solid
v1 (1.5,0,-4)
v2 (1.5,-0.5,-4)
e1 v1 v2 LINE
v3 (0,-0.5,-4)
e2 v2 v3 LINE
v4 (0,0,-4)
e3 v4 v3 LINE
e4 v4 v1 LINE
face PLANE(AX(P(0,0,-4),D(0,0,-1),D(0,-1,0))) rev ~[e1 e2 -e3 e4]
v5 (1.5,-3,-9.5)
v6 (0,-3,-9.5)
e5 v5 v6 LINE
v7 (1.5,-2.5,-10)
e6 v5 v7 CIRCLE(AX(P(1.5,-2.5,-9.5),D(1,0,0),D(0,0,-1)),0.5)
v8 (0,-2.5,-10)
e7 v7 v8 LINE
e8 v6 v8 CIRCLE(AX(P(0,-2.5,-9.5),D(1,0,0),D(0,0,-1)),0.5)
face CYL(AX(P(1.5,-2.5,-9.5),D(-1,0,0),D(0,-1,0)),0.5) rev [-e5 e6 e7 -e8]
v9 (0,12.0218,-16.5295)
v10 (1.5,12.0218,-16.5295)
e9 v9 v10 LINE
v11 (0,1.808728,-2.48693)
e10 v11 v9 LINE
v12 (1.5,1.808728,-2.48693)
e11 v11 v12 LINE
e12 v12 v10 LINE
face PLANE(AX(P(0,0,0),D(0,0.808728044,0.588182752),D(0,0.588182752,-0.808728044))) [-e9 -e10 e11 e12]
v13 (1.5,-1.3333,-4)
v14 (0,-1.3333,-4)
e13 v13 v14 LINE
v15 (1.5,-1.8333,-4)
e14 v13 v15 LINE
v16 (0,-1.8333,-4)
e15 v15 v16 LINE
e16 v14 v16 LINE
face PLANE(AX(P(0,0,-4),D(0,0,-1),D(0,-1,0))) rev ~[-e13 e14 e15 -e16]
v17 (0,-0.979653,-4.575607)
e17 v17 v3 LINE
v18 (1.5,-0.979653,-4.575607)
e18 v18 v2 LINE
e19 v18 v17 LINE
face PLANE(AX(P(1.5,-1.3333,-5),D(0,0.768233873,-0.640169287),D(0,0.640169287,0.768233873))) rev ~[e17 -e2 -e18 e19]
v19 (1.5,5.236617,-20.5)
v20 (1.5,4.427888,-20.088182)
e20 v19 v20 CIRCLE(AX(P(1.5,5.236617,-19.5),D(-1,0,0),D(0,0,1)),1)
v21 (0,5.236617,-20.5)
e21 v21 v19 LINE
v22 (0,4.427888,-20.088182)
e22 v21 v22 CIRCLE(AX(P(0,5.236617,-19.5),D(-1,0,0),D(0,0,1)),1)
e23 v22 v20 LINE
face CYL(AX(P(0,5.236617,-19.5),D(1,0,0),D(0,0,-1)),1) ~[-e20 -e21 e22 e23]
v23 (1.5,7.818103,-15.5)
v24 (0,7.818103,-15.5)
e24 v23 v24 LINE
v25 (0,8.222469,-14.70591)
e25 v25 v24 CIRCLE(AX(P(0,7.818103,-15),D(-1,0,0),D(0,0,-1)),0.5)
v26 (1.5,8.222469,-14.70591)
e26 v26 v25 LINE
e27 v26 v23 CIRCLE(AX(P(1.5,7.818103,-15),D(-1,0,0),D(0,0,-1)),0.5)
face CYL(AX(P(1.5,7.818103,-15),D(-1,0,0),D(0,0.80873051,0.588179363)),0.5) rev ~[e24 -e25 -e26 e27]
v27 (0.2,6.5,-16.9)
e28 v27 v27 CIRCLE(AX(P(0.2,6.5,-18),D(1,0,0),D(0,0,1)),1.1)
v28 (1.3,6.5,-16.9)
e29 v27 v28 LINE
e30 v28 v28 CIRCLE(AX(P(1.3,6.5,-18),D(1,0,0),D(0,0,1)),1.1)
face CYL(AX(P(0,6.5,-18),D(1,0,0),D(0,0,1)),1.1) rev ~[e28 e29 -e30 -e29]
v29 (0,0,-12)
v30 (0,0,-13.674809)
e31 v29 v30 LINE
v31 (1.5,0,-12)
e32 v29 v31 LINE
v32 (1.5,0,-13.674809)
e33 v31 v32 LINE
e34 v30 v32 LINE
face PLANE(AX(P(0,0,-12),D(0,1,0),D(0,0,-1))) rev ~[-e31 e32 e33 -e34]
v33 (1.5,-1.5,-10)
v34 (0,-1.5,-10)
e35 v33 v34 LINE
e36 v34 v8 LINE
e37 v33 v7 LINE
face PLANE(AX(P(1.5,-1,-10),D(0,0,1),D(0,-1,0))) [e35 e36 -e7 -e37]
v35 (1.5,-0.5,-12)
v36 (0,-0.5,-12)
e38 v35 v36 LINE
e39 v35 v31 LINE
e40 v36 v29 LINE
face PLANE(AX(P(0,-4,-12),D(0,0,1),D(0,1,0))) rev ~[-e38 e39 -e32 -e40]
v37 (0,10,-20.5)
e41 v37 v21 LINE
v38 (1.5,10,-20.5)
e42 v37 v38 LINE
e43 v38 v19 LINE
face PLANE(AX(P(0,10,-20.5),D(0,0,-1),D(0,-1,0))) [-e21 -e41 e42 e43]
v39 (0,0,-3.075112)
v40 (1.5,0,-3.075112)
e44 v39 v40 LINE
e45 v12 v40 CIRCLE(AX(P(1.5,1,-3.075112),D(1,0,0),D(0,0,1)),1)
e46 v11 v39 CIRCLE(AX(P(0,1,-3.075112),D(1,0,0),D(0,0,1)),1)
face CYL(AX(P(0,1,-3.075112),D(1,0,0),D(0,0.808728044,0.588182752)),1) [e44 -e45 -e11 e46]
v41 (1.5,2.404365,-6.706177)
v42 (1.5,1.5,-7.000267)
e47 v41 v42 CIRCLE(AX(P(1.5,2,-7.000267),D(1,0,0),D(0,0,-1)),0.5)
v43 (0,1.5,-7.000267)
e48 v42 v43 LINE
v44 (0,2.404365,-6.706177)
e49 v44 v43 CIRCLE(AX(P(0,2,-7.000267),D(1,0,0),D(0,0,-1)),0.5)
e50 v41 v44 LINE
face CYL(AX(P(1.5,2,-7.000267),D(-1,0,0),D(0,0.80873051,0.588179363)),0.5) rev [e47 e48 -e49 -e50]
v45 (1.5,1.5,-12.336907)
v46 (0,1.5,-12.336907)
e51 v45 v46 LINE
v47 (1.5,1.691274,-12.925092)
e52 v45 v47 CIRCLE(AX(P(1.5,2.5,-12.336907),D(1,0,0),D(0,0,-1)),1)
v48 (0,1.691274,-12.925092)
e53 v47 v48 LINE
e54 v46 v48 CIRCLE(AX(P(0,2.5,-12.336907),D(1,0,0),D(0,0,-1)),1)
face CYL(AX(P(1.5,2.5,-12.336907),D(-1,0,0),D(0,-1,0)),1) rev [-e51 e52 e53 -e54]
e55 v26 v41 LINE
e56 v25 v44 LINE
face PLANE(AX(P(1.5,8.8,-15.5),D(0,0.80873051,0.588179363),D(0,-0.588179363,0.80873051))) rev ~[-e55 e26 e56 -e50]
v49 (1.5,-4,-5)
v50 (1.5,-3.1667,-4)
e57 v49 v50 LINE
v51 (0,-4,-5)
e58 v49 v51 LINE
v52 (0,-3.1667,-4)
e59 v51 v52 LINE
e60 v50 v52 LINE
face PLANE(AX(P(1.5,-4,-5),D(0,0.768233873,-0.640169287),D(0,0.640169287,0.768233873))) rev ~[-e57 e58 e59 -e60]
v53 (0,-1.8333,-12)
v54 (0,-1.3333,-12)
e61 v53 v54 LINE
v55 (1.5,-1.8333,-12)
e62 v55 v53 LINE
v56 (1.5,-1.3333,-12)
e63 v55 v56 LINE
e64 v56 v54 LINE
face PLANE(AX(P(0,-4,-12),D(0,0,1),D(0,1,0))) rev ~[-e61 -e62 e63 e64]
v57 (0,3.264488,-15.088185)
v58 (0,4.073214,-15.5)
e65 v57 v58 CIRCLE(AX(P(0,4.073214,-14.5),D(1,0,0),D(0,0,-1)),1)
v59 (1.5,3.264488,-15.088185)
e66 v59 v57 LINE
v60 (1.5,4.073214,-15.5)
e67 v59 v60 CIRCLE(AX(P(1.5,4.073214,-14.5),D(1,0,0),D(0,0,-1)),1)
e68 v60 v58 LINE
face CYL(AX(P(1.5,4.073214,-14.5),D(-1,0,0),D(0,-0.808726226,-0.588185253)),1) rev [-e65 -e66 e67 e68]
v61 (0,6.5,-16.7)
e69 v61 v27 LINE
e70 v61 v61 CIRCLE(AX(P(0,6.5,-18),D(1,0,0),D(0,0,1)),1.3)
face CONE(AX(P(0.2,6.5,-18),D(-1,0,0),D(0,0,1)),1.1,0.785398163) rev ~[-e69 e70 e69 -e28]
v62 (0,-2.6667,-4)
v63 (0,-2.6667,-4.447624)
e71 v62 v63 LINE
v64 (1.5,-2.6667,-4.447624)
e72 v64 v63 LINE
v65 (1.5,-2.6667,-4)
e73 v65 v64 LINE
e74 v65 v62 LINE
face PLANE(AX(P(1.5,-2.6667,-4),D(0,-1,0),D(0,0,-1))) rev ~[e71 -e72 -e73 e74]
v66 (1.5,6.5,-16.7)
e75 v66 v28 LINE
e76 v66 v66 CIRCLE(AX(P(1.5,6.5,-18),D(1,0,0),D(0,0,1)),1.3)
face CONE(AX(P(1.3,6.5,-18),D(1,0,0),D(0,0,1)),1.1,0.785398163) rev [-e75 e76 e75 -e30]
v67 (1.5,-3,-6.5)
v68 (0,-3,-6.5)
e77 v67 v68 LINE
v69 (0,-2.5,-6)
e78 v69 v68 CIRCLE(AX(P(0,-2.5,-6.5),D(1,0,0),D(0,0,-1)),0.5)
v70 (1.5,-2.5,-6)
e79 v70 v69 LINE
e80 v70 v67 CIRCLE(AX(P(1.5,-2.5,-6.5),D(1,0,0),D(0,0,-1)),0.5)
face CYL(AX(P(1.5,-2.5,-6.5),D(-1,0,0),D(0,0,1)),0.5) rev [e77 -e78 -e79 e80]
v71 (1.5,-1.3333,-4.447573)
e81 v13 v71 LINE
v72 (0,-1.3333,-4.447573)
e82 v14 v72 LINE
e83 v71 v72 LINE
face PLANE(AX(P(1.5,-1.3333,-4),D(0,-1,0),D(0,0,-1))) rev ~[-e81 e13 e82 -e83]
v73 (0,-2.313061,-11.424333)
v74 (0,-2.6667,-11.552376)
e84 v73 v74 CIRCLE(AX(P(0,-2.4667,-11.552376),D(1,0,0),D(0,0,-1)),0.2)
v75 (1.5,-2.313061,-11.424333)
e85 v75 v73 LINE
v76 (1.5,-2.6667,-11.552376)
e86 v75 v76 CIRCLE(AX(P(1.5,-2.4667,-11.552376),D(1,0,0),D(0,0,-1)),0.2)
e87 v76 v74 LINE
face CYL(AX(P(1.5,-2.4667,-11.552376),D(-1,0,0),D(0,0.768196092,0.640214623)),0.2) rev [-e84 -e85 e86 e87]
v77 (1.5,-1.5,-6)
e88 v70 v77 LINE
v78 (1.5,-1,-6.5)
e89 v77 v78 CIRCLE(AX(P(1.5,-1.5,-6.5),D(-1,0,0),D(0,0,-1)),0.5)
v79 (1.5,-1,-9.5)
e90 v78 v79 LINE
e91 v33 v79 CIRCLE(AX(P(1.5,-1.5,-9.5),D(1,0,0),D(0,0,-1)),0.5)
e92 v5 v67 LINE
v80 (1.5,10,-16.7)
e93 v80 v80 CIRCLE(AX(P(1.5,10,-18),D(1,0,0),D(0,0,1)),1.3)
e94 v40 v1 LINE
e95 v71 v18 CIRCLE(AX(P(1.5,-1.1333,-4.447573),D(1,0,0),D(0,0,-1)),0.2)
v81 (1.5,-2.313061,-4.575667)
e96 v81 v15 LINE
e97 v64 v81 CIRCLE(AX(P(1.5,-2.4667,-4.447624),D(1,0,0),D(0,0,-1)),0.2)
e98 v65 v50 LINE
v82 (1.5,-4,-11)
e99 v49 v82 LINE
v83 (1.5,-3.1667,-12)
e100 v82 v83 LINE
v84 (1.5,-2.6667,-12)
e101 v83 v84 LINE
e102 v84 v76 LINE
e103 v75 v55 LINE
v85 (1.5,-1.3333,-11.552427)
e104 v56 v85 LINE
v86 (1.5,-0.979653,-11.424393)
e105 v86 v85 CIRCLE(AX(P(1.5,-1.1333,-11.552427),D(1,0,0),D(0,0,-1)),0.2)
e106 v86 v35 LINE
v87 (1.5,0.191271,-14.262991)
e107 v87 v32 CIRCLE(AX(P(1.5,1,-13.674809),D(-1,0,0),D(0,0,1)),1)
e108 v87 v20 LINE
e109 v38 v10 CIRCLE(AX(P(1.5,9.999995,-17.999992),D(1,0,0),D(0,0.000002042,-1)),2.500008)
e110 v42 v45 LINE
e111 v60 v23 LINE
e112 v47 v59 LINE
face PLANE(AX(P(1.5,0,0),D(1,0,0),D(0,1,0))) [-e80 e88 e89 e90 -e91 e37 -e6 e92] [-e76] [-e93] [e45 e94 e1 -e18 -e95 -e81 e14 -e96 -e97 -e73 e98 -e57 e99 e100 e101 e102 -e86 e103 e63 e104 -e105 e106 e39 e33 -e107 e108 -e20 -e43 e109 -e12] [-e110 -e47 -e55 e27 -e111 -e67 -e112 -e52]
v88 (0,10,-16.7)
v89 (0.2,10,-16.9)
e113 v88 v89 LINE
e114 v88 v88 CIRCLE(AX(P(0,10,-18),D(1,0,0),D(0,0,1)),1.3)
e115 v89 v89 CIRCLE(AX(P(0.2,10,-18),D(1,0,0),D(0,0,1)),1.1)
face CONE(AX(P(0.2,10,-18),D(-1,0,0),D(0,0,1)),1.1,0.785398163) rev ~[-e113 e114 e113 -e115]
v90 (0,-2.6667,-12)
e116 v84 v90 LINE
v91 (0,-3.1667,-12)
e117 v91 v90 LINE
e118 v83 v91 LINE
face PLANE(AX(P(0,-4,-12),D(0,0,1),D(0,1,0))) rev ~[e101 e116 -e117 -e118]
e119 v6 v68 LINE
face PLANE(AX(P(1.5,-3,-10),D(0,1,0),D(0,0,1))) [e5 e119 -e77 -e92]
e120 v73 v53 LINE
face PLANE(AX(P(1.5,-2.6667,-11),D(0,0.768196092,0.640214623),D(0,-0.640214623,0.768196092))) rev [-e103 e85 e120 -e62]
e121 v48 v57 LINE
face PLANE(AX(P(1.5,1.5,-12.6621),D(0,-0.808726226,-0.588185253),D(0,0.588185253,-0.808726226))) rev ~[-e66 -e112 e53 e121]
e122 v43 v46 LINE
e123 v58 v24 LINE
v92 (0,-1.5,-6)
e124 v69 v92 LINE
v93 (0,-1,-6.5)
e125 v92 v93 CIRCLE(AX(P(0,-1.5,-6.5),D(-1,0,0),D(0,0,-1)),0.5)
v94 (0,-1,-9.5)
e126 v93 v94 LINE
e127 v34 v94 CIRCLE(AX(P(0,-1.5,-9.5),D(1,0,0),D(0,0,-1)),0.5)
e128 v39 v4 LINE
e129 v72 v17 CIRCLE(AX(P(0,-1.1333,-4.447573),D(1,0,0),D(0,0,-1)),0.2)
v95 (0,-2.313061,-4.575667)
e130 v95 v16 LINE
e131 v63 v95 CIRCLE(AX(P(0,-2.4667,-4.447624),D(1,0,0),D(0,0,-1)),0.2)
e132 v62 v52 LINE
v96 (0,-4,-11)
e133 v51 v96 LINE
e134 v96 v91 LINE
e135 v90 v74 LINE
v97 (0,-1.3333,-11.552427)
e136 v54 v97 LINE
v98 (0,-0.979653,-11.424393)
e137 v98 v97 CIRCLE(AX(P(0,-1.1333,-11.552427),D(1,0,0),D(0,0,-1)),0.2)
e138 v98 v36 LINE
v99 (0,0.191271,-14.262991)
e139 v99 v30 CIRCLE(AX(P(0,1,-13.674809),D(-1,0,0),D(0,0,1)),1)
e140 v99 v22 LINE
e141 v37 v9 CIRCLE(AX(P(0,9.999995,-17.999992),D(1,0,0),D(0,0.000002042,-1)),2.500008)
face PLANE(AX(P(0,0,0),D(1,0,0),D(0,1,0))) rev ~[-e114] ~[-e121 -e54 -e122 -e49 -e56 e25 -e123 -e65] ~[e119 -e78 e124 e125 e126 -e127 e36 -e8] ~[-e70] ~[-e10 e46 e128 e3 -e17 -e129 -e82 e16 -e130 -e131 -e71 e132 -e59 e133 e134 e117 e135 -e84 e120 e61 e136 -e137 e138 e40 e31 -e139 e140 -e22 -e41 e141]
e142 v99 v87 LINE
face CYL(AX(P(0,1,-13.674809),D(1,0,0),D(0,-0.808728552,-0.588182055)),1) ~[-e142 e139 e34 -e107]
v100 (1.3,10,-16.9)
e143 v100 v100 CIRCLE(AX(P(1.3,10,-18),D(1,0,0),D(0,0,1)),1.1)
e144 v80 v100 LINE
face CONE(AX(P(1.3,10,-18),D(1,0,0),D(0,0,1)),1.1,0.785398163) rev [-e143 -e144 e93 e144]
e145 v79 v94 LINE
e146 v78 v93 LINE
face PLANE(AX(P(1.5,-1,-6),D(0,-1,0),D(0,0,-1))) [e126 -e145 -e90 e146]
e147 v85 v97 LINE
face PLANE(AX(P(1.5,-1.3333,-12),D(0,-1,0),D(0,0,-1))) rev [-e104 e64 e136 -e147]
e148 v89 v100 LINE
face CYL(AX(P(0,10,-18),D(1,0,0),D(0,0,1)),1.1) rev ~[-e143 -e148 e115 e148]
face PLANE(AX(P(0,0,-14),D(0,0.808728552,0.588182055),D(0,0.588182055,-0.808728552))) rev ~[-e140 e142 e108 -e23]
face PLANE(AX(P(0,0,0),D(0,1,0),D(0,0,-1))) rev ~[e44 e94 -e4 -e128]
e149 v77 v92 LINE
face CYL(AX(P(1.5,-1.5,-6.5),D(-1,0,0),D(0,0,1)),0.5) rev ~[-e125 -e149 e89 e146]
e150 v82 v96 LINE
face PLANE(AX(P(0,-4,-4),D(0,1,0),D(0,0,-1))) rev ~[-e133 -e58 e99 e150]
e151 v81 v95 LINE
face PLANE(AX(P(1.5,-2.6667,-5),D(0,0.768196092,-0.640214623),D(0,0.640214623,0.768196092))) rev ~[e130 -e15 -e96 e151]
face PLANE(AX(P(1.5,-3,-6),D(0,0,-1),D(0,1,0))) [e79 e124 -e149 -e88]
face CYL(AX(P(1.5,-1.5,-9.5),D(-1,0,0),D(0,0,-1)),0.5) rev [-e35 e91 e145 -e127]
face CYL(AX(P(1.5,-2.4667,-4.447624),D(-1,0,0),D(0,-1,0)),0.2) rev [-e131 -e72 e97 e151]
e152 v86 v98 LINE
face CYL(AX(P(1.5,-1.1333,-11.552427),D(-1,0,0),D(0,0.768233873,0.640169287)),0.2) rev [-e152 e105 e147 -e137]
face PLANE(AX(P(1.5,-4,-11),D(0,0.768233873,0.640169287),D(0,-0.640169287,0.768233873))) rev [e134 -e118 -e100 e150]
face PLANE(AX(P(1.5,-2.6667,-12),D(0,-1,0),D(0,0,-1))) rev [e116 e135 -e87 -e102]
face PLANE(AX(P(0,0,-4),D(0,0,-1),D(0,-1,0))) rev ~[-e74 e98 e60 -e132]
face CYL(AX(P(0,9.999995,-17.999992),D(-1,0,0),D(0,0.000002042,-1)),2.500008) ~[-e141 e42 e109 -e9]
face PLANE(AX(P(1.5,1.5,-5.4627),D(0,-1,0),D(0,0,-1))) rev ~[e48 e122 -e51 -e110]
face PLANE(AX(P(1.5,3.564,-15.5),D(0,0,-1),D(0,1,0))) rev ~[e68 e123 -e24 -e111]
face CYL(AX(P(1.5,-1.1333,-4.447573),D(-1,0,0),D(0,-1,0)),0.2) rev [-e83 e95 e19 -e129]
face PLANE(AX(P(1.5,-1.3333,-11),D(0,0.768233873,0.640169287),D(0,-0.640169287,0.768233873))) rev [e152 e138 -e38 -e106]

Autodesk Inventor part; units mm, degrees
ref_plane "YZ Plane" through (0, 0, 0) normal (1, 0, 0) x (0, 1, 0)
ref_plane "XZ Plane" through (0, 0, 0) normal (0, 1, 0) x (-1, 0, 0)
sketch "Sketch1" plane through (0, 0, 0) normal (1, 0, 0) x (0, 1, 0)
  line L0 (0, 0) -> (12.0218, -16.5295)
  line L1 (10, -20.5) -> (4.7274, -20.5)
  line L2 (0, -14) -> (4.7274, -20.5)
  line L3 (0, 0) -> (0, -4)
  line L4 (0, -4) -> (-4, -4)
  line L5 (-4, -4) -> (-4, -12)
  line L6 (-4, -12) -> (0, -12)
  line L7 (0, -12) -> (0, -14)
  arc A0 (10, -20.5) -> (12.0218, -16.5295) centre (10, -18) ccw
  point P0 (14.9095, -20.5)
  point P1 (6.5, -18)
  dimension "d26" = 8
  dimension "d31" = 4
  dimension "d32" = 2
  dimension "d43" = 2.5
  dimension "d45" = 10
  dimension "d64" = 3.5
  dimension "d65" = 4
  dimension "d78" = 18
extrude "Extrusion1" add sketch "Sketch1" along normal blind 1.5
hole "Hole3" at (0, 10, -18) at (0, 6.5, -18) direction (1, 0, 0) diameter 2.2 end through all
fillet "Fillet3" radius 1 3 edges at (0.75, 0, 0) (0.75, 4.7274, -20.5) (0.75, 0, -14)
chamfer "Chamfer2" distance 0.2 angle 45 4 edges at (1.5, 6.5, -19.1) (1.5, 10, -19.1) (0, 6.5, -19.1) (0, 10, -19.1)
ref_plane "Work Plane1" through (0, -4, -8) normal (0, 0, -1) x (-1, 0, 0)
sketch "Sketch4" plane through (1.5, 0, 0) normal (1, 0, 0) x (0, 0, -1)
  arc A0 (2.4869, 1.8087) -> (3.0751, 0) centre (3.0751, 1) ccw projected
  line L0 (3.0751, 0) -> (4, 0) projected
  line L1 (4, 0) -> (4, -4) projected
  line L2 (4, -4) -> (12, -4) projected
  line L3 (12, -4) -> (12, 0) projected
  line L4 (12, 0) -> (13.6748, 0) projected
  line L5 (14.263, 0.1913) -> (20.0882, 4.4279) projected
  line L6 (20.5, 5.2366) -> (20.5, 10) projected
  arc A1 (20.5, 10) -> (16.5295, 12.0218) centre (18, 10) ccw projected
  line L7 (16.5295, 12.0218) -> (2.4869, 1.8087) projected
  circle A2 centre (18, 10) radius 1.3 projected
  line L8 (4, 0) -> (12, 0)
  line L9 (12, -4) -> (4, -4) projected
  line L10 (5, -4) -> (4, -3.1667)
  line L11 (4, -4) -> (4, 0) projected
  line L12 (4, -2.6667) -> (5, -2.6667)
  line L13 (5, -2.6667) -> (4, -1.8333)
  line L14 (4, -1.3333) -> (5, -1.3333)
  line L15 (5, -1.3333) -> (4, -0.5)
  line L16 (4, -0.5) -> (4, 0)
  line L17 (4, -0.5) -> (4, -1.3333)
  line L18 (4, -1.8333) -> (4, -2.6667)
  line L19 (4, -3.1667) -> (4, -4)
  line L20 (4, -4) -> (5, -4)
  arc A3 (13.6748, 0) -> (14.263, 0.1913) centre (13.6748, 1) ccw projected
  arc A4 (20.0882, 4.4279) -> (20.5, 5.2366) centre (19.5, 5.2366) ccw projected
  point P0 (0, 0)
  dimension "d57" = 1
  dimension "d58" = 0.5
  dimension "d59" = 0.5
  dimension "d60" = 0.5
extrude "Extrusion2" cut sketch "Sketch4" against normal through all contours L15 L14 L1 | L13 L12 L1 | L2 L1 L10
mirror "Mirror1" about plane through (0, -4, -8) normal (0, 0, -1) of "Extrusion2"
fillet "Fillet4" radius 0.2 4 edges at (0.75, -1.3333, -11) (0.75, -2.6667, -11) (0.75, -1.3333, -5) (0.75, -2.6667, -5)
sketch "Sketch5" plane through (1.5, 0, 0) normal (1, 0, 0) x (0, 0, -1)
  line L0 (5.4627, 1.5) -> (12.6621, 1.5)
  line L1 (12.6621, 1.5) -> (15.5, 3.564)
  line L2 (15.5, 3.564) -> (15.5, 8.8)
  line L3 (15.5, 8.8) -> (5.4627, 1.5)
  line L4 (16.5295, 12.0218) -> (2.4869, 1.8087) projected
  circle A0 centre (18, 6.5) radius 1.3 projected
  line L5 (14.263, 0.1913) -> (20.0882, 4.4279) projected
  line L6 (12, 0) -> (13.6748, 0) projected
  line L7 (6, -1) -> (10, -1)
  line L8 (10, -1) -> (10, -3)
  line L9 (10, -3) -> (6, -3)
  line L10 (6, -3) -> (6, -1)
  line L11 (5, -4) -> (11, -4) projected
  line L12 (12, -0.5) -> (12, 0) projected
  line L13 (4, 0) -> (4, -0.5) projected
  point P0 (0, 0)
  point P1 (14, 0)
  point P2 (21.5, 5.144)
  dimension "d66" = 2.5
  dimension "d67" = 2
  dimension "d68" = 2
  dimension "d69" = 1.5
  dimension "d74" = 1
  dimension "d75" = 1
  dimension "d76" = 2
  dimension "d77" = 2
extrude "Extrusion3" cut sketch "Sketch5" against normal through all contours L3 L2 L1 L0 | L7 L8 L9 L10
fillet "Fillet5" radius 0.5 6 edges at (0.75, 1.5, -5.4627) (0.75, 8.8, -15.5) (0.75, -3, -6) (0.75, -1, -6) (0.75, -1, -10) (0.75, -3, -10)
fillet "Fillet5" radius 1 2 edges at (0.75, 3.564, -15.5) (0.75, 1.5, -12.6621)
equation "\"d46\" = hole_diameter"
equation "\"d59\" = d58"
equation "\"d60\" = d58"
equation "\"d68\" = d67"
equation "\"d77\" = d76"
equation "\"d1\" = d0"
equation "\"d21\" = d1"
equation "\"hole_diameter\" = 2.2"
equation "\"d0\" = 12"
properties part number "M2_LINKAGE" material "ABS Plastic"
